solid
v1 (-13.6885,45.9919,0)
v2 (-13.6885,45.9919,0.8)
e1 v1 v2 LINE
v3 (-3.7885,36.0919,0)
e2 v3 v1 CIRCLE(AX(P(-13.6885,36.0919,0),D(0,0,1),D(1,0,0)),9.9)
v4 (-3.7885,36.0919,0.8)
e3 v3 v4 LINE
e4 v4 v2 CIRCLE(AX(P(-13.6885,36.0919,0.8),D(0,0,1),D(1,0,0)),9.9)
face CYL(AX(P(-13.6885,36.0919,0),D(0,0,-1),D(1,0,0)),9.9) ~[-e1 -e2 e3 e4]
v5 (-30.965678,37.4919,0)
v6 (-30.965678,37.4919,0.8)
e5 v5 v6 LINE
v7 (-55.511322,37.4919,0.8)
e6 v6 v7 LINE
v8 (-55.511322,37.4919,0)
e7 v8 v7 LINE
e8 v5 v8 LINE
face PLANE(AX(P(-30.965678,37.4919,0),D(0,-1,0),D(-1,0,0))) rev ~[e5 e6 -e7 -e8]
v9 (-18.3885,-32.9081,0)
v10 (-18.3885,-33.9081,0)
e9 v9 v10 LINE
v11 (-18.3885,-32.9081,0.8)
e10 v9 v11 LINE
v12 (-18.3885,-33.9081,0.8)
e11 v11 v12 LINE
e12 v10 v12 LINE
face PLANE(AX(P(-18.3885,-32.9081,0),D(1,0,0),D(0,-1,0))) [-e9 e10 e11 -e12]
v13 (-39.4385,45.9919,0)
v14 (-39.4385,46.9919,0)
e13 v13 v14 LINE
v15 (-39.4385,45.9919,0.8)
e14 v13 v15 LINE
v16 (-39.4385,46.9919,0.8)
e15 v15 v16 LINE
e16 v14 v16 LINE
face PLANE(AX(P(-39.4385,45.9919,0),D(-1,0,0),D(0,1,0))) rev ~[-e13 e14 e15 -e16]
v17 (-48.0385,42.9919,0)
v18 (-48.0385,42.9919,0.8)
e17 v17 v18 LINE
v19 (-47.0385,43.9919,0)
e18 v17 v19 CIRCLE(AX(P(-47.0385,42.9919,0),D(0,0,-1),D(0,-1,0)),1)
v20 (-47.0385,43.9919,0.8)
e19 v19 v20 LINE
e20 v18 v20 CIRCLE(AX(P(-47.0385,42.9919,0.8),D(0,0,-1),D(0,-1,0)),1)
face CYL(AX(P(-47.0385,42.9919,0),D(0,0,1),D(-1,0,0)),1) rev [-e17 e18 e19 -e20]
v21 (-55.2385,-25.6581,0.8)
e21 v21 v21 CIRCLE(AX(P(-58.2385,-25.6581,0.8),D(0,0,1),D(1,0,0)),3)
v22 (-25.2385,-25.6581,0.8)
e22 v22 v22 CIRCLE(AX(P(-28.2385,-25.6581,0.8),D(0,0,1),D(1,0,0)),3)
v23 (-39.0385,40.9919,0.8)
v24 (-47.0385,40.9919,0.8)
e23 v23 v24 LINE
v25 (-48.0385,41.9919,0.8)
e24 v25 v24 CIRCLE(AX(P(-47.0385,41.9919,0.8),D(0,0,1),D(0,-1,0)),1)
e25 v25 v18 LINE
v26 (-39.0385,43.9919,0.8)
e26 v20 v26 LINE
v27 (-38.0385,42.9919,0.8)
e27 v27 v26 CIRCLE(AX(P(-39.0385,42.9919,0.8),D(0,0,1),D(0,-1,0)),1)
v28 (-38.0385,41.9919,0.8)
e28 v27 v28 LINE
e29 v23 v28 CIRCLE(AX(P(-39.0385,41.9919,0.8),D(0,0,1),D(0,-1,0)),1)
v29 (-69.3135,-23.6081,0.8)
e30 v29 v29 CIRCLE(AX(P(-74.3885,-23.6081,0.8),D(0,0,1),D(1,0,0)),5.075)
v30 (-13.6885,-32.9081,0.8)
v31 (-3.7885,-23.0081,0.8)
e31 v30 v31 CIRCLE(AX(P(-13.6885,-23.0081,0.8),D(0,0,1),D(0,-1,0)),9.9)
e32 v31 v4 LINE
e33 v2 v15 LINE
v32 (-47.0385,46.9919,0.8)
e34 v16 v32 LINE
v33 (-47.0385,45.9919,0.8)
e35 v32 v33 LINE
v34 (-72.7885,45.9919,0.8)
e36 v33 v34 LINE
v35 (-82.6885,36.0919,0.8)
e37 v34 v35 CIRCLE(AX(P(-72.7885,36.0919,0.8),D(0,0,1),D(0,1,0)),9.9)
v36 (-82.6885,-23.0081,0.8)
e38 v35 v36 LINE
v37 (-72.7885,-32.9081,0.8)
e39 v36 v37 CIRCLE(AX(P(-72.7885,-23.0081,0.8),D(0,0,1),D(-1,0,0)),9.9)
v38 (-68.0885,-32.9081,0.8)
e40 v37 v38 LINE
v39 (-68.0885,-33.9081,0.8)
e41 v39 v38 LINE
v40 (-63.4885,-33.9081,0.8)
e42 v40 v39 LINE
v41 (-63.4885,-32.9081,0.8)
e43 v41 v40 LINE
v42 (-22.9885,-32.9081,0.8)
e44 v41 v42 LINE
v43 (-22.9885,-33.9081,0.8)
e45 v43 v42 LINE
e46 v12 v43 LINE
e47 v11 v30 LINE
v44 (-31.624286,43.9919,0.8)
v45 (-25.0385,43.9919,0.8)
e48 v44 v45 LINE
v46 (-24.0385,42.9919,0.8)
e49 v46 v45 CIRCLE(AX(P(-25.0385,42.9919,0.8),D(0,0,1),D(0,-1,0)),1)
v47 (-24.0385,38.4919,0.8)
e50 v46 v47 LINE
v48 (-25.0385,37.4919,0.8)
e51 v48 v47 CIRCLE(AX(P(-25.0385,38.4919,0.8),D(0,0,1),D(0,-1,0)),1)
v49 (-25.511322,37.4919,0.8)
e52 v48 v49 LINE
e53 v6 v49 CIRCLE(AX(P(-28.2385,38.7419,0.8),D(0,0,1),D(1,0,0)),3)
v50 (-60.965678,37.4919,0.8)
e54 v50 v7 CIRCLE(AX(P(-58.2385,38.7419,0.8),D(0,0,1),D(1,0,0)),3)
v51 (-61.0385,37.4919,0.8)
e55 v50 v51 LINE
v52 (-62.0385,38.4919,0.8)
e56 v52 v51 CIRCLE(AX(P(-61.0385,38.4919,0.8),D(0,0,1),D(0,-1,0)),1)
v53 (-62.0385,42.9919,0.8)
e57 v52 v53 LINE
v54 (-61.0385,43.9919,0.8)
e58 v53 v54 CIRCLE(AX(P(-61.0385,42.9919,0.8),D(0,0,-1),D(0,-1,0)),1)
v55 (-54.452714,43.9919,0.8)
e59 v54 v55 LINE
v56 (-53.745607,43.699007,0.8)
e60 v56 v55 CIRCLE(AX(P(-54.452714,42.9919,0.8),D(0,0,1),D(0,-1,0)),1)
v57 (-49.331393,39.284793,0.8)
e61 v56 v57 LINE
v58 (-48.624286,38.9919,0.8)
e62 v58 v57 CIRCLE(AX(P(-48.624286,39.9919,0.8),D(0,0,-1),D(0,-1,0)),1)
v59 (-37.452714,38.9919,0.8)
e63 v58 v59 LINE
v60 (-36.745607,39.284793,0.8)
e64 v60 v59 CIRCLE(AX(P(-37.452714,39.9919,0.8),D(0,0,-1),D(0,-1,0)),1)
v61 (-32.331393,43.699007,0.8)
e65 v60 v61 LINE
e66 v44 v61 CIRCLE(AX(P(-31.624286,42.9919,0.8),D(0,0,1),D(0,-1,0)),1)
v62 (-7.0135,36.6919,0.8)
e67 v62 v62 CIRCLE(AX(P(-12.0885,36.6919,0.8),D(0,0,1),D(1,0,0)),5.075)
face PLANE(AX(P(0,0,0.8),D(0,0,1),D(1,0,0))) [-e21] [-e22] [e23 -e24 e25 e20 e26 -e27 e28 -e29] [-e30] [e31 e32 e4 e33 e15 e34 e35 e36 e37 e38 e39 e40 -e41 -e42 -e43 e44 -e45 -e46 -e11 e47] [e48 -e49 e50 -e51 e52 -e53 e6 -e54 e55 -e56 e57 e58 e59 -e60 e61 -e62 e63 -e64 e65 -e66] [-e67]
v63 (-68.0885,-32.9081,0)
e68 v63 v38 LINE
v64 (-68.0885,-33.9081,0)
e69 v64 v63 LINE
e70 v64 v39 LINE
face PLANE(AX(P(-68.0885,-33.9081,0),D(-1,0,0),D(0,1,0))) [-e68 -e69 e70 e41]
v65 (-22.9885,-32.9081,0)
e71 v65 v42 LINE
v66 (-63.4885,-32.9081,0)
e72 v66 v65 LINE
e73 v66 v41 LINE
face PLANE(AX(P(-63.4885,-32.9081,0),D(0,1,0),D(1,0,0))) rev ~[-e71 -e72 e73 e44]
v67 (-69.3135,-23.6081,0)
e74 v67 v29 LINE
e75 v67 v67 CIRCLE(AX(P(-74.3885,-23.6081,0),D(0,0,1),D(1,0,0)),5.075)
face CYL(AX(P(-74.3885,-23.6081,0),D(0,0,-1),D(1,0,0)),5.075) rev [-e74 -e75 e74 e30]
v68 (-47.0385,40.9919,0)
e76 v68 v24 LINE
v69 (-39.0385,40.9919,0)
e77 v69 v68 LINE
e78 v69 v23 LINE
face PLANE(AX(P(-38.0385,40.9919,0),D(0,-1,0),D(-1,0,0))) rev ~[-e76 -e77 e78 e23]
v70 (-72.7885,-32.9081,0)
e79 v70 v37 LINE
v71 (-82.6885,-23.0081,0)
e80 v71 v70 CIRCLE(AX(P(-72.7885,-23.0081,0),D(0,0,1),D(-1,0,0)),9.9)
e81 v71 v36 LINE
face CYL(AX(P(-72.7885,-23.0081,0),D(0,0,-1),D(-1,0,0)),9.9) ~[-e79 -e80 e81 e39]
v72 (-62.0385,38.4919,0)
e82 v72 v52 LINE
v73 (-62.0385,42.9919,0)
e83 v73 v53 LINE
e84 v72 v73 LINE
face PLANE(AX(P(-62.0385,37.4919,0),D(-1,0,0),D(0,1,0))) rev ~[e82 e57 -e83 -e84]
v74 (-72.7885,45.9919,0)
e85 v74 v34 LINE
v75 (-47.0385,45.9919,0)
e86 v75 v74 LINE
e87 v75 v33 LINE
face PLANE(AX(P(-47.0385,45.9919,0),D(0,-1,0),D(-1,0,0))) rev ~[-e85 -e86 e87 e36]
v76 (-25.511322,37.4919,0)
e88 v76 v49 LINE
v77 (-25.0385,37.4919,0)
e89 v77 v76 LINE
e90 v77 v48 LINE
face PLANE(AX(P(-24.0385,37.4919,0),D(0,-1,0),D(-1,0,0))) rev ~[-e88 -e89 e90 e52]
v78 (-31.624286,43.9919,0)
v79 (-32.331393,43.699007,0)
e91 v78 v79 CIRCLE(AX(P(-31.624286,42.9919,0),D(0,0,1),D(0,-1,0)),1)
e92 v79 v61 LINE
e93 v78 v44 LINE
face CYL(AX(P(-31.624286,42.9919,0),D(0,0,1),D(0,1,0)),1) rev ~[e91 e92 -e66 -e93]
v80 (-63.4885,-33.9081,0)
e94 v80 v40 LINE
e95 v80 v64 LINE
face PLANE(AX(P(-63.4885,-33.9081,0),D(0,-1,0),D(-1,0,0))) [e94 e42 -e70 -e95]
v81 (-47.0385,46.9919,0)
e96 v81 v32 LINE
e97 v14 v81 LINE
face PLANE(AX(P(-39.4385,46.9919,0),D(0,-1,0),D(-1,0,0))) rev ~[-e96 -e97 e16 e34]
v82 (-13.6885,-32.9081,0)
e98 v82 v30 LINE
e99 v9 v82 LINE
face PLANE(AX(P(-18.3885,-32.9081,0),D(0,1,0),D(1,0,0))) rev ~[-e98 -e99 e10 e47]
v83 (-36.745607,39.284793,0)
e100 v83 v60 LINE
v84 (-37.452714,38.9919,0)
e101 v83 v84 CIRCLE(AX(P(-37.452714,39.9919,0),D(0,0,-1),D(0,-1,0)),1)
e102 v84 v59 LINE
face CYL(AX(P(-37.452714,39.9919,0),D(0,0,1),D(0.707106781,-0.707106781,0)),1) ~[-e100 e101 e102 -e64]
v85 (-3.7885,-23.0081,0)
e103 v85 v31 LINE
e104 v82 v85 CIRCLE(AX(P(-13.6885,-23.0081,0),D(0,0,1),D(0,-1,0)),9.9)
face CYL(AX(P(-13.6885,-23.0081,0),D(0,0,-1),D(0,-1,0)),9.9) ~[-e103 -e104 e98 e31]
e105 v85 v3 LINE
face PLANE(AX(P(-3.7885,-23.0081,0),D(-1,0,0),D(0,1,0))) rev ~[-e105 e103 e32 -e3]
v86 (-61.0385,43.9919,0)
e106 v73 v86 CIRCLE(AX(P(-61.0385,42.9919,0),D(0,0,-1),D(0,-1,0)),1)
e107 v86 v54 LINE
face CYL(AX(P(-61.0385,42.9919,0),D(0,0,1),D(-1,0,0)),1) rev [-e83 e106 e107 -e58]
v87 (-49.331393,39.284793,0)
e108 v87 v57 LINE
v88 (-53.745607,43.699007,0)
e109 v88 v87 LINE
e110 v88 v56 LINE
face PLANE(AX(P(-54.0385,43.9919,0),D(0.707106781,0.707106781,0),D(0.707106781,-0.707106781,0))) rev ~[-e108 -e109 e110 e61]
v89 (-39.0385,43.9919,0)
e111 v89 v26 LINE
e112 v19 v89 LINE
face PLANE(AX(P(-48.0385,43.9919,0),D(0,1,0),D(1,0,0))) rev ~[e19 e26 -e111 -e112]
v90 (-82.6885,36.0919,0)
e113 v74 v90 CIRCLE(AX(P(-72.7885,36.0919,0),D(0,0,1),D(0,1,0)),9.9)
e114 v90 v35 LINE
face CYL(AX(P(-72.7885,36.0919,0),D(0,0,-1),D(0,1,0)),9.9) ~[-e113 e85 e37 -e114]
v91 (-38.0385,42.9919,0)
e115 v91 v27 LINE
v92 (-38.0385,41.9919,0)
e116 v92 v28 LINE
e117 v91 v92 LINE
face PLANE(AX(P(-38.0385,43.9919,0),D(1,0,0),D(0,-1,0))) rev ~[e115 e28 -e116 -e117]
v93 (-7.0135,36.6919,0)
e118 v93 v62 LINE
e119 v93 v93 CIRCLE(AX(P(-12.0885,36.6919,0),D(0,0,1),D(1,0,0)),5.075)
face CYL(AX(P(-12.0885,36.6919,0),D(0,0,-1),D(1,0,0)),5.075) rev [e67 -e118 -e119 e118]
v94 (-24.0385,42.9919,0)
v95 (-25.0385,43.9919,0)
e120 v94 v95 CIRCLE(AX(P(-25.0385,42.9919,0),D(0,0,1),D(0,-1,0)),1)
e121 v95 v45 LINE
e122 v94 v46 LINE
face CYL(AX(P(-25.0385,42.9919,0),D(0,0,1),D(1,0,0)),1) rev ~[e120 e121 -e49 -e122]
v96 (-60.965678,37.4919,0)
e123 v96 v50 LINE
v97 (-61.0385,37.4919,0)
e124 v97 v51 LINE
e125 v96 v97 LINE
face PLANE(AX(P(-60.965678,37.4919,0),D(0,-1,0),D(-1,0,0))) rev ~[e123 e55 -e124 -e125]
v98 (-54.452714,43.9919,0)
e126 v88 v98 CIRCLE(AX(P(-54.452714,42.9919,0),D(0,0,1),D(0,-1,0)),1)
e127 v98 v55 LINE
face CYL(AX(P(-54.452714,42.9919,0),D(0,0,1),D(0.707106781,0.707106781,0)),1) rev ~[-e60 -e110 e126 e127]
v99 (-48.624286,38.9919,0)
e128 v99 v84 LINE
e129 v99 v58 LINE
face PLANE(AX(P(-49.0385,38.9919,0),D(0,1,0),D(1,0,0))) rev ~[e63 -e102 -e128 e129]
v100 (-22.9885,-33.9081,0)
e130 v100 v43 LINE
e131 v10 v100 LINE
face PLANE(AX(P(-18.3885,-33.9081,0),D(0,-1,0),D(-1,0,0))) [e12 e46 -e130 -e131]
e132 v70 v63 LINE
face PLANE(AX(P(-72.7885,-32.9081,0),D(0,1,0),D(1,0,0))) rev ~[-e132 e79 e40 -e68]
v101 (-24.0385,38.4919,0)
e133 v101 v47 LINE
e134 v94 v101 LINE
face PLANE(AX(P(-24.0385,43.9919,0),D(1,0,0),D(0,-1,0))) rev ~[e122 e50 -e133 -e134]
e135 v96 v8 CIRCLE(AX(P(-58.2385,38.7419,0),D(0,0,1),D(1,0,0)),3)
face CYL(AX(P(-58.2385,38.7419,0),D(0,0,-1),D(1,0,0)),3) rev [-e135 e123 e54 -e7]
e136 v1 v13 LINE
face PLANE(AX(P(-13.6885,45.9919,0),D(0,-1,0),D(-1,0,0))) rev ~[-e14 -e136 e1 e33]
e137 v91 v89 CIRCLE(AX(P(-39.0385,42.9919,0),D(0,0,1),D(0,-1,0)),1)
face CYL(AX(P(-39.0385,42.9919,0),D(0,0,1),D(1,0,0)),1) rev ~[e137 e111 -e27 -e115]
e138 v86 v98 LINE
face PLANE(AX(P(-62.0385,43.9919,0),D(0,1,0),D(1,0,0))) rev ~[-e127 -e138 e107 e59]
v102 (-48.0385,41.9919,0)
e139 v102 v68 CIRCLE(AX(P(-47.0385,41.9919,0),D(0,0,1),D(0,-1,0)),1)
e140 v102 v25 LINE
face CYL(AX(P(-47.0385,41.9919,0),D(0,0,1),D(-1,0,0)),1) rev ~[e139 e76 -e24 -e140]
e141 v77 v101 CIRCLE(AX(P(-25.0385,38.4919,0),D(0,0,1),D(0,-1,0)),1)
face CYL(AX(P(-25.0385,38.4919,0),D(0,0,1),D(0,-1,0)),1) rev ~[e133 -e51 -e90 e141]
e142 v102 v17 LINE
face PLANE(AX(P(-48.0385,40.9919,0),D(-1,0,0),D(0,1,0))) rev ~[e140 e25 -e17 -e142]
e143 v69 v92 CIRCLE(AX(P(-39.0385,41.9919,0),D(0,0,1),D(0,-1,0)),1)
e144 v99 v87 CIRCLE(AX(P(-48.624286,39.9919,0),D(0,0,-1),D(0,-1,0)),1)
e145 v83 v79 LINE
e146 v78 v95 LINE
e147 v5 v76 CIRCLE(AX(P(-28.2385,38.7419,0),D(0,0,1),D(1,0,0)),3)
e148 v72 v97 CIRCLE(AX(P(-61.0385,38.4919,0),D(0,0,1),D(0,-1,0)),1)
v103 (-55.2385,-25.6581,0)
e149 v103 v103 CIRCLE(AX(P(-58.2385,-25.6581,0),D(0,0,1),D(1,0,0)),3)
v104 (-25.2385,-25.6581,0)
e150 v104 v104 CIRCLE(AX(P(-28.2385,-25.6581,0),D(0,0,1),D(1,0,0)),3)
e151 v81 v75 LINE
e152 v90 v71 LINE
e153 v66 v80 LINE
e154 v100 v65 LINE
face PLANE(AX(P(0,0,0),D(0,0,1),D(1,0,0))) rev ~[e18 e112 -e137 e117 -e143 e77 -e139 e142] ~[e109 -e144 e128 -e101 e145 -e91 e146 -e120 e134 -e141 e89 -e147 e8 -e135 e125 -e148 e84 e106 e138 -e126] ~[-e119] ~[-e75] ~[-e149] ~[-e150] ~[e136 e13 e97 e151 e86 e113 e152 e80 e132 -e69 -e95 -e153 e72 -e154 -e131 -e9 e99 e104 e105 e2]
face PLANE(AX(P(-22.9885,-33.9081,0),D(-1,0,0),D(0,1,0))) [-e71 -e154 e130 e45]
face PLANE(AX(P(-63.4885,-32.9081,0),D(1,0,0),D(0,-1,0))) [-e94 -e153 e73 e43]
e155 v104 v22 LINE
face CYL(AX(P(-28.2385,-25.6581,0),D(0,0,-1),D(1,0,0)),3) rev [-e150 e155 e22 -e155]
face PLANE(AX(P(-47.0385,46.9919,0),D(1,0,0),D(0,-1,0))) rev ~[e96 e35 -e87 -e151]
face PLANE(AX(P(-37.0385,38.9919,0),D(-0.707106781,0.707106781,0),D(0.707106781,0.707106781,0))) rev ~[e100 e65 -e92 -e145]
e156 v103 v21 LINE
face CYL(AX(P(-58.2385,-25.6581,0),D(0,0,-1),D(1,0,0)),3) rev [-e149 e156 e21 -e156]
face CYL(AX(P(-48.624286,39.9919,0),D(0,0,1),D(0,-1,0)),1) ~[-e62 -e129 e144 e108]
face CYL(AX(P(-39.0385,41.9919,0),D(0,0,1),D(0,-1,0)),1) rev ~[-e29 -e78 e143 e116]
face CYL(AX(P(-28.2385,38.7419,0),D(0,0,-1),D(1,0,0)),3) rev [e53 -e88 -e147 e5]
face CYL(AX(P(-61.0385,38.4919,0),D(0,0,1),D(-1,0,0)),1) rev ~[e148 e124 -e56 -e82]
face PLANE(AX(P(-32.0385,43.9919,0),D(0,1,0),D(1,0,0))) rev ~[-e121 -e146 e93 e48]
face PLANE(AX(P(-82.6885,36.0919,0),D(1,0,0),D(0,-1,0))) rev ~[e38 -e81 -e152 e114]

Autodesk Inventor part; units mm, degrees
ref_plane "YZ Plane" through (0, 0, 0) normal (1, 0, 0) x (0, 1, 0)
ref_plane "XZ Plane" through (0, 0, 0) normal (0, 1, 0) x (-1, 0, 0)
ref_plane "XY Plane" through (0, 0, 0) normal (0, 0, 1) x (1, 0, 0)
sketch "Skizze1" plane through (0, 0, 0) normal (0, 0, 1) x (1, 0, 0)
  line L0 (-3.6885, 36.0919) -> (-3.6885, -23.0081) construction
  arc A0 (-13.6885, -33.0081) -> (-3.6885, -23.0081) centre (-13.6885, -23.0081) ccw construction
  line L1 (-13.6885, -33.0081) -> (-72.7885, -33.0081) construction
  arc A1 (-82.7885, -23.0081) -> (-72.7885, -33.0081) centre (-72.7885, -23.0081) ccw construction
  line L2 (-82.7885, -23.0081) -> (-82.7885, 36.0919) construction
  arc A2 (-72.7885, 46.0919) -> (-82.7885, 36.0919) centre (-72.7885, 36.0919) ccw construction
  line L3 (-72.7885, 46.0919) -> (-13.6885, 46.0919) construction
  arc A3 (-3.6885, 36.0919) -> (-13.6885, 46.0919) centre (-13.6885, 36.0919) ccw construction
  arc A4 (-75.2885, 48.5919) -> (-85.2885, 38.5919) centre (-75.2885, 38.5919) ccw construction
  line L4 (-85.2885, 38.5919) -> (-85.2885, -25.5081) construction
  arc A5 (-85.2885, -25.5081) -> (-75.2885, -35.5081) centre (-75.2885, -25.5081) ccw construction
  line L5 (-75.2885, -35.5081) -> (-11.1885, -35.5081) construction
  arc A6 (-11.1885, -35.5081) -> (-1.1885, -25.5081) centre (-11.1885, -25.5081) ccw construction
  line L6 (-1.1885, -25.5081) -> (-1.1885, 38.5919) construction
  arc A7 (-1.1885, 38.5919) -> (-11.1885, 48.5919) centre (-11.1885, 38.5919) ccw construction
  line L7 (-11.1885, 48.5919) -> (-75.2885, 48.5919) construction
  line L8 (-13.6885, 45.9919) -> (-72.7885, 45.9919)
  arc A8 (-72.7885, 45.9919) -> (-82.6885, 36.0919) centre (-72.7885, 36.0919) ccw
  line L9 (-82.6885, 36.0919) -> (-82.6885, -23.0081)
  arc A9 (-82.6885, -23.0081) -> (-72.7885, -32.9081) centre (-72.7885, -23.0081) ccw
  line L10 (-72.7885, -32.9081) -> (-13.6885, -32.9081)
  arc A10 (-13.6885, -32.9081) -> (-3.7885, -23.0081) centre (-13.6885, -23.0081) ccw
  line L11 (-3.7885, -23.0081) -> (-3.7885, 36.0919)
  arc A11 (-3.7885, 36.0919) -> (-13.6885, 45.9919) centre (-13.6885, 36.0919) ccw
  line L12 (-47.3385, 46.0919) -> (-47.3385, 47.2919) construction
  line L13 (-47.3385, 47.2919) -> (-39.1385, 47.2919) construction
  line L14 (-39.1385, 46.0919) -> (-39.1385, 47.2919) construction
  line L15 (-68.3885, -33.0081) -> (-68.3885, -34.2081) construction
  line L16 (-63.1885, -33.0081) -> (-63.1885, -34.2081) construction
  line L17 (-63.1885, -34.2081) -> (-68.3885, -34.2081) construction
  line L18 (-23.2885, -33.0081) -> (-23.2885, -34.2081) construction
  line L19 (-18.0885, -34.2081) -> (-23.2885, -34.2081) construction
  line L20 (-18.0885, -33.0081) -> (-18.0885, -34.2081) construction
  line L21 (-68.0885, -32.9081) -> (-63.4885, -32.9081)
  line L22 (-63.4885, -32.9081) -> (-63.4885, -33.9081)
  line L23 (-63.4885, -33.9081) -> (-68.0885, -33.9081)
  line L24 (-68.0885, -33.9081) -> (-68.0885, -32.9081)
  line L25 (-22.9885, -32.9081) -> (-18.3885, -32.9081)
  line L26 (-18.3885, -32.9081) -> (-18.3885, -33.9081)
  line L27 (-18.3885, -33.9081) -> (-22.9885, -33.9081)
  line L28 (-22.9885, -33.9081) -> (-22.9885, -32.9081)
  line L29 (-47.0385, 45.9919) -> (-39.4385, 45.9919)
  line L30 (-39.4385, 45.9919) -> (-39.4385, 46.9919)
  line L31 (-39.4385, 46.9919) -> (-47.0385, 46.9919)
  line L32 (-47.0385, 46.9919) -> (-47.0385, 45.9919)
  line L33 (-62.0385, 43.9919) -> (-54.0385, 43.9919)
  line L34 (-54.0385, 43.9919) -> (-49.0385, 38.9919)
  line L35 (-49.0385, 38.9919) -> (-37.0385, 38.9919)
  line L36 (-37.0385, 38.9919) -> (-32.0385, 43.9919)
  line L37 (-32.0385, 43.9919) -> (-24.0385, 43.9919)
  line L38 (-24.0385, 43.9919) -> (-24.0385, 37.4919)
  line L39 (-24.0385, 37.4919) -> (-62.0385, 37.4919)
  line L40 (-62.0385, 37.4919) -> (-62.0385, 43.9919)
  line L41 (-48.0385, 43.9919) -> (-38.0385, 43.9919)
  line L42 (-38.0385, 43.9919) -> (-38.0385, 40.9919)
  line L43 (-38.0385, 40.9919) -> (-48.0385, 40.9919)
  line L44 (-48.0385, 40.9919) -> (-48.0385, 43.9919)
  circle A12 centre (-74.3885, -23.6081) radius 4.075 construction
  circle A13 centre (-12.0885, 36.6919) radius 4.075 construction
  circle A14 centre (-12.0885, 36.6919) radius 5.075
  circle A15 centre (-74.3885, -23.6081) radius 5.075
  arc A16 (-56.277, -27.2081) -> (-60.2001, -27.2081) centre (-58.2385, -25.6581) ccw construction
  arc A17 (-26.277, -27.2081) -> (-30.2001, -27.2081) centre (-28.2385, -25.6581) ccw construction
  arc A18 (-60.1167, 40.3919) -> (-56.3604, 40.3919) centre (-58.2385, 38.7419) ccw construction
  arc A19 (-30.1167, 40.3919) -> (-26.3604, 40.3919) centre (-28.2385, 38.7419) ccw construction
  circle A20 centre (-58.2385, 38.7419) radius 3
  circle A21 centre (-28.2385, 38.7419) radius 3
  circle A22 centre (-58.2385, -25.6581) radius 3
  circle A23 centre (-28.2385, -25.6581) radius 3
  point P0 (0, 0)
  dimension "d0" = 0.1
  dimension "d1" = 0.3
  dimension "d2" = 0.3
  dimension "d3" = 0.3
  dimension "d4" = 0.3
  dimension "d5" = 0.3
  dimension "d6" = 0.3
  dimension "d7" = 0.3
  dimension "d8" = 0.3
  dimension "d9" = 0.3
  dimension "d10" = 135
  dimension "d11" = 1.5
  dimension "d12" = 2
  dimension "d13" = 8
  dimension "d14" = 8
  dimension "d15" = 12
  dimension "d17" = 2
  dimension "d18" = 10
  dimension "d19" = 1
  dimension "d20" = 2
  dimension "d21" = 3
  dimension "d22" = 2
  dimension "d25" = 1
  dimension "d26" = 1
  dimension "d28" = 6
  dimension "d29" = 6
  dimension "d30" = 6
  dimension "d31" = 6
extrude "Extrusion1" add sketch "Skizze1" along normal blind 0.8
fillet "Rundung1" radius 1 12 edges at (-48.0385, 43.9919, 0.4) (-48.0385, 40.9919, 0.4) (-38.0385, 40.9919, 0.4) (-38.0385, 43.9919, 0.4) (-54.0385, 43.9919, 0.4) (-49.0385, 38.9919, 0.4) (-37.0385, 38.9919, 0.4) (-32.0385, 43.9919, 0.4) (-24.0385, 43.9919, 0.4) (-24.0385, 37.4919, 0.4) (-62.0385, 37.4919, 0.4) (-62.0385, 43.9919, 0.4)
equation "\"d1\" = d4"
equation "\"d2\" = d1"
equation "\"d3\" = d1"
equation "\"d5\" = d4"
equation "\"d6\" = d4"
equation "\"d7\" = d9"
equation "\"d8\" = d7"
equation "\"d9\" = d4"
equation "\"d26\" = d25"
equation "\"d29\" = d28"
equation "\"d30\" = d28"
equation "\"d31\" = d28"
properties part number "Boden"
